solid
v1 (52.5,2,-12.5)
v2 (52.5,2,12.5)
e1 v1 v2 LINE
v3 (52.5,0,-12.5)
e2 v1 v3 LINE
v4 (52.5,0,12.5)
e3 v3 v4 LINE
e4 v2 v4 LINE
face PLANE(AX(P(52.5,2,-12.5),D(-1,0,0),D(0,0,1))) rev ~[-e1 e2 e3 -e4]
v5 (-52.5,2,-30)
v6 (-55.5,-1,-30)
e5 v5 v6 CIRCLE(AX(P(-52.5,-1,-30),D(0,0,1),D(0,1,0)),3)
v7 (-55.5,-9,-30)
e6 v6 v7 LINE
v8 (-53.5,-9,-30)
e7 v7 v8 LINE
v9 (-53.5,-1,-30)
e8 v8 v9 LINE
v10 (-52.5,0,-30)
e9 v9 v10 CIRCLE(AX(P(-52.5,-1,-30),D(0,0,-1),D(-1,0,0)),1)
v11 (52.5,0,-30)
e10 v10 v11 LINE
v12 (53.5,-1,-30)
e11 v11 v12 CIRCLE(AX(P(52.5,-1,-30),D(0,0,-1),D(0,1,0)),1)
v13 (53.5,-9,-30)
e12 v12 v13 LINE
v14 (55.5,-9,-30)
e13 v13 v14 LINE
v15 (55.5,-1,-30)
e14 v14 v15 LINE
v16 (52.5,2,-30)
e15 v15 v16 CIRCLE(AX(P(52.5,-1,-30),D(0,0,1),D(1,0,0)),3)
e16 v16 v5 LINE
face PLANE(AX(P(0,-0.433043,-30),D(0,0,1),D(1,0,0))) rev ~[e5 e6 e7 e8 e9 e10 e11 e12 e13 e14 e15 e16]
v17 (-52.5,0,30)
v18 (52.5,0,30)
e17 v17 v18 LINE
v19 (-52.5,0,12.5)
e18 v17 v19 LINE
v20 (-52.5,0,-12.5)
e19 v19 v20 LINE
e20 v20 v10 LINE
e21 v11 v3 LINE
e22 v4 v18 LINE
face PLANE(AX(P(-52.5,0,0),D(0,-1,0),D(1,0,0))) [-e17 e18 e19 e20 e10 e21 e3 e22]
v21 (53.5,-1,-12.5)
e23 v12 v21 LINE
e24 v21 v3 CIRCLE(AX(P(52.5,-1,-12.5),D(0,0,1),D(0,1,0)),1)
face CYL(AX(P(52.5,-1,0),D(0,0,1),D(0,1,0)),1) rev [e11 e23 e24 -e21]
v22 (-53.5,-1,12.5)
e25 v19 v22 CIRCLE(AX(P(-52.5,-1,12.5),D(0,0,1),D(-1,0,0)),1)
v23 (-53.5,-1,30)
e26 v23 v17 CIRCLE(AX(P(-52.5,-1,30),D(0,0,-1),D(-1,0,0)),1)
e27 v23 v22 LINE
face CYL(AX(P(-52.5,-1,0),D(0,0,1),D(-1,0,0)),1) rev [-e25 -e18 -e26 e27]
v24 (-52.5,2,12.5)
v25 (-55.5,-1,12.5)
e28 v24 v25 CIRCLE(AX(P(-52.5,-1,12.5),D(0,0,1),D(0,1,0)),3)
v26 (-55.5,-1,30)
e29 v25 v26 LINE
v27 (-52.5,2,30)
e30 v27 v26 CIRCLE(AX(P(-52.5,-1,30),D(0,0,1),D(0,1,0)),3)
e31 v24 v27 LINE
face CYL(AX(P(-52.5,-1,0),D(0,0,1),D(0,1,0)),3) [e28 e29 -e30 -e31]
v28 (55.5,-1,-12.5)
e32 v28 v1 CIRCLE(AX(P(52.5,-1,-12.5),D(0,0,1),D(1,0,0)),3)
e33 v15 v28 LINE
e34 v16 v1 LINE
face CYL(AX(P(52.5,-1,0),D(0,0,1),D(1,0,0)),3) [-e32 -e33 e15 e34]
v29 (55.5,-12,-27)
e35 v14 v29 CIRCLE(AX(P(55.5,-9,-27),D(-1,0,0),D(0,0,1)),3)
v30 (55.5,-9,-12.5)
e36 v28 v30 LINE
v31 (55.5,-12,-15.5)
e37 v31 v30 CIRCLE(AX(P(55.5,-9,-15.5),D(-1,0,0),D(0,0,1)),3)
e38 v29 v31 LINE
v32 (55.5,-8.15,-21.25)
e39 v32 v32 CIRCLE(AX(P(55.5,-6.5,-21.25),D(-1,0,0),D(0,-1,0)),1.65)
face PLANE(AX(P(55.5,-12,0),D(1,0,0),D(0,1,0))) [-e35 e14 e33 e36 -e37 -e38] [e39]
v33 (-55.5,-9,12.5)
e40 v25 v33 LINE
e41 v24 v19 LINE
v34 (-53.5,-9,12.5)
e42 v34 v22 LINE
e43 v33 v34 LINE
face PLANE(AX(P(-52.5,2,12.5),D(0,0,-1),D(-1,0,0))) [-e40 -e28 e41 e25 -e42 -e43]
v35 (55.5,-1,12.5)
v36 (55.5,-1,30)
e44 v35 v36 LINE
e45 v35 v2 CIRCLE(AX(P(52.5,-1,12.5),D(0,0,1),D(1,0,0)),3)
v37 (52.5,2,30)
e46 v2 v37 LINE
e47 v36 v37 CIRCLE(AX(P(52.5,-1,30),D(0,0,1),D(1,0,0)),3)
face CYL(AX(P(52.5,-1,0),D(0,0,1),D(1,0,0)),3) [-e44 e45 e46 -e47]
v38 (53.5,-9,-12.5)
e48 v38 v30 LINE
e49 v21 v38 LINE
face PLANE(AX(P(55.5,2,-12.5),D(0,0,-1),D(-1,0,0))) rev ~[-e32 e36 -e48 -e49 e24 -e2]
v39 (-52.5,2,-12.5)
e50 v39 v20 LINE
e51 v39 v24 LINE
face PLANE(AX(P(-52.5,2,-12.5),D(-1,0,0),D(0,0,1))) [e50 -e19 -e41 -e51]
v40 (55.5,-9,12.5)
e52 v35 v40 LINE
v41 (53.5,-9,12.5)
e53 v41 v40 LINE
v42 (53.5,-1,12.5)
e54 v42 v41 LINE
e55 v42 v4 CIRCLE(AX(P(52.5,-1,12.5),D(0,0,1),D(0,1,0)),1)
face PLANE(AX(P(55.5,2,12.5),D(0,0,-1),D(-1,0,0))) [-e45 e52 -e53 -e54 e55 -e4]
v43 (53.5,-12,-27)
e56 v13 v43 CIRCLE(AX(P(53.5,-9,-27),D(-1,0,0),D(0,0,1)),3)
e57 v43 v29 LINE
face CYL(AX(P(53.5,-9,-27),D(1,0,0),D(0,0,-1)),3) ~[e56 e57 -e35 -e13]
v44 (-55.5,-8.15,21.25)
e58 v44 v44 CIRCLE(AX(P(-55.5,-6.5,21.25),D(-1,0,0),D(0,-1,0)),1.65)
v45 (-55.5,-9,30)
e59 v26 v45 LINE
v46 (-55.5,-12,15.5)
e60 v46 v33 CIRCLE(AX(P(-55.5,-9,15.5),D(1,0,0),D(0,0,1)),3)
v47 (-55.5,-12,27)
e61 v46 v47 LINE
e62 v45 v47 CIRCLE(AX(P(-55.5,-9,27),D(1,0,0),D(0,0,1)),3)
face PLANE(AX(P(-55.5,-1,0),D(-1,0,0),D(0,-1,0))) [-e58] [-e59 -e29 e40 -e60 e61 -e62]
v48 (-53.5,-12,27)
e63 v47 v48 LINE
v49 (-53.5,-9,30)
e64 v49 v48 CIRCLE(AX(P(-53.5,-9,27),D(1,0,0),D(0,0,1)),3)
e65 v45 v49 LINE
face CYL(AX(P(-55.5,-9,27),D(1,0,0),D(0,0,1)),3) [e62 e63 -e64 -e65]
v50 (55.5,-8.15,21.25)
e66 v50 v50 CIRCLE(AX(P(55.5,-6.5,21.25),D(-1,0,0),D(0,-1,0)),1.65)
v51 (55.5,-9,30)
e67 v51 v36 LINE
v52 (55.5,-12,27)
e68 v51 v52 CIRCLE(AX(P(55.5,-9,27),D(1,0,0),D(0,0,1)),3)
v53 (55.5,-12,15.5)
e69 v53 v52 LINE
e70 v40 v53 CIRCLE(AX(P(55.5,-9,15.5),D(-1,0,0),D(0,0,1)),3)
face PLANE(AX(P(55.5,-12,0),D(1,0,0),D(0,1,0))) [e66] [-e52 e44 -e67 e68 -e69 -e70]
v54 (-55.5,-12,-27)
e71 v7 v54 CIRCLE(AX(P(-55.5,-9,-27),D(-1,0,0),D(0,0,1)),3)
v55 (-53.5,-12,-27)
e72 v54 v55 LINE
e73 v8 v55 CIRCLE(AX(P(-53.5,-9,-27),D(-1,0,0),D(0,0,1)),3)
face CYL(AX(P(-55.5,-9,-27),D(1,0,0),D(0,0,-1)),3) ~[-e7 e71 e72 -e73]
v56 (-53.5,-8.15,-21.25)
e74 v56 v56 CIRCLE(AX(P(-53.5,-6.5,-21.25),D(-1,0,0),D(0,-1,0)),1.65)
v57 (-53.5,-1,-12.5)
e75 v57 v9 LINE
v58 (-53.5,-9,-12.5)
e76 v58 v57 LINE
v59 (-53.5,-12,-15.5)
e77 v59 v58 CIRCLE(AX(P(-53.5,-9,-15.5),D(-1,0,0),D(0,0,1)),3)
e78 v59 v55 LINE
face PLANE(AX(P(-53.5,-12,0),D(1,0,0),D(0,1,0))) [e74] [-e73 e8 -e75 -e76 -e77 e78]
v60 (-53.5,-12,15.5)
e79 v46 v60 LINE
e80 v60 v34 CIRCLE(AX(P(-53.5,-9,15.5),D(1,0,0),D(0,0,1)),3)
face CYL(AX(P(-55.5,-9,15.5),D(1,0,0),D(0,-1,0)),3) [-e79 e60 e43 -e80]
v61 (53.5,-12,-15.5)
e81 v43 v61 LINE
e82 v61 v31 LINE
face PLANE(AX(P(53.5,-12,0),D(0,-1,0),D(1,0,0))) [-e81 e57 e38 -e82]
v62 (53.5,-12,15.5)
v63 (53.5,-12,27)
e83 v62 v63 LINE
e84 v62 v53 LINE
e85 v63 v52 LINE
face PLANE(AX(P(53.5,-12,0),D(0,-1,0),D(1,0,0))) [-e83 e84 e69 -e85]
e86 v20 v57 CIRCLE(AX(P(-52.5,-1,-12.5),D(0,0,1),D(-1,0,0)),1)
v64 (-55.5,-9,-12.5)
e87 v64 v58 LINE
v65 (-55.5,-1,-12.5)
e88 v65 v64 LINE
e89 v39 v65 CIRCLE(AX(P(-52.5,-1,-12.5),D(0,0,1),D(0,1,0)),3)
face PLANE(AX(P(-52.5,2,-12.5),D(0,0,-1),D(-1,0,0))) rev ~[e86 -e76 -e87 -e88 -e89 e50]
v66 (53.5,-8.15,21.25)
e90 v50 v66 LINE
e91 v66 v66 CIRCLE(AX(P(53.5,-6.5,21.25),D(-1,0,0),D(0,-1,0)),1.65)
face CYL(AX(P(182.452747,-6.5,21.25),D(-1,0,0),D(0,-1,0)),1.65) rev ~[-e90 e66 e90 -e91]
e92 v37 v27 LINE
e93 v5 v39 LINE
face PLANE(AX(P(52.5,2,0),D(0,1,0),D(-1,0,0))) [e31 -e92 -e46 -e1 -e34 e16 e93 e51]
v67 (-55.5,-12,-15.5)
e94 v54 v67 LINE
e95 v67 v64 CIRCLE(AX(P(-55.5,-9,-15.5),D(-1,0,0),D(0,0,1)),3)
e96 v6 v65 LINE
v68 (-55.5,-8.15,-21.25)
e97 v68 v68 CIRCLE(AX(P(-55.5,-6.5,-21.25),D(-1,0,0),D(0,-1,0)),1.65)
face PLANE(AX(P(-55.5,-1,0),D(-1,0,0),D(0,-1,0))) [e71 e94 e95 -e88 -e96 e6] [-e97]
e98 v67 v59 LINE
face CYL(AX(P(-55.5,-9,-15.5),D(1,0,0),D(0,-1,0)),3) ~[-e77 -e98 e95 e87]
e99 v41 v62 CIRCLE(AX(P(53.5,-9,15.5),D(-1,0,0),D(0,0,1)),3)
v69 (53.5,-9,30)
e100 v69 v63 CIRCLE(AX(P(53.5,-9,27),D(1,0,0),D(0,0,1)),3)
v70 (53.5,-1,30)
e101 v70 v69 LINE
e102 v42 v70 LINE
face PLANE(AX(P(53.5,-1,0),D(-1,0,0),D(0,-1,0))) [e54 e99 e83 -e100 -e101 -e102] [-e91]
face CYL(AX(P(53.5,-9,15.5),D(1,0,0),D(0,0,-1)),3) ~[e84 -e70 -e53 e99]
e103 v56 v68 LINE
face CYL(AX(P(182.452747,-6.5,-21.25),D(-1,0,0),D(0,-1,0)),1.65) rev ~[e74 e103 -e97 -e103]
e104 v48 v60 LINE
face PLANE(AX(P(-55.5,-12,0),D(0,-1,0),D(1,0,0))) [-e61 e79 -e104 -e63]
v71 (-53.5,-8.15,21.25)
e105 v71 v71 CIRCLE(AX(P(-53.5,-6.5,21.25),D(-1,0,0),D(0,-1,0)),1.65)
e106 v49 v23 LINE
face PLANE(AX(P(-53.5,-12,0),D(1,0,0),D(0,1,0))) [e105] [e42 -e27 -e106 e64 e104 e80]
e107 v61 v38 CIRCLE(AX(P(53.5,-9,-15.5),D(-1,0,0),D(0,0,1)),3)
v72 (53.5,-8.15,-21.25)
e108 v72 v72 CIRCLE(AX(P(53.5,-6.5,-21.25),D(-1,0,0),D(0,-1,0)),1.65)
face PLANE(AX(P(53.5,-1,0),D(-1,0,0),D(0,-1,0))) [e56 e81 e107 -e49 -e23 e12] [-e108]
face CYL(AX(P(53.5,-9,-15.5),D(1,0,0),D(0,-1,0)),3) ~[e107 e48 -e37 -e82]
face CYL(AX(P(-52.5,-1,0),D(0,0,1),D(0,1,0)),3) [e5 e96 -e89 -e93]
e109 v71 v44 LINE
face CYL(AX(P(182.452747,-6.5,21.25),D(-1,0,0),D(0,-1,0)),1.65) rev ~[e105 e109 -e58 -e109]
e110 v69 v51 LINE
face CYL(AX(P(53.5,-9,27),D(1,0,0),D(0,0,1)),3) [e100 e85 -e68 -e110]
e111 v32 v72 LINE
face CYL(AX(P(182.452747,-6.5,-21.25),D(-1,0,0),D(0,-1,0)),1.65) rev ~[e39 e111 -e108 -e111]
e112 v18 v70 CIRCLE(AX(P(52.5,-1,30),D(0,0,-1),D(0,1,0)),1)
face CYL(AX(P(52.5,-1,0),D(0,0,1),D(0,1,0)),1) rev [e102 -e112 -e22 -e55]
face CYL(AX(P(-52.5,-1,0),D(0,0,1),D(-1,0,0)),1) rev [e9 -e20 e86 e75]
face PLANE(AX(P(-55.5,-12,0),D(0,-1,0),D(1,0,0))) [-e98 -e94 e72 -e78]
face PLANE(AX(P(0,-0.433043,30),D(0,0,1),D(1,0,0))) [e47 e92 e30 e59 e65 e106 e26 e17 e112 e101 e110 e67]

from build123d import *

# Parameters (mm, degrees)
F1_DEPTH   = 30
F2_W       = 3
F2_H       = 25
F1_FACE1_W = 105
F1_FACE1_H = 60
F3_DEPTH   = 14.001
F5_D       = 3.3
F6_R       = 3


with BuildPart() as f1:
    # F0 (on Top) → F1 (new body, symmetric)
    with BuildSketch(Plane.XY):
        with BuildLine():
            Line((-52.5, 0), (52.5, 0))
            ThreePointArc((52.5, 0), (53.2071067812, -0.2928932188), (53.5, -1))
            Line((53.5, -1), (53.5, -12))
            Line((53.5, -12), (55.5, -12))
            Line((55.5, -12), (55.5, -1))
            ThreePointArc((55.5, -1), (54.6213203436, 1.1213203436), (52.5, 2))
            Line((52.5, 2), (-52.5, 2))
            ThreePointArc((-52.5, 2), (-54.6213203436, 1.1213203436), (-55.5, -1))
            Line((-55.5, -1), (-55.5, -12))
            Line((-55.5, -12), (-53.5, -12))
            Line((-53.5, -12), (-53.5, -1))
            ThreePointArc((-53.5, -1), (-53.2071067812, -0.2928932188), (-52.5, 0))
        make_face()
    extrude(amount=F1_DEPTH, both=True)

    # F2 (on face) + F1_face1 (on face) → F3 (cut, through all)
    with BuildSketch(Plane(origin=(0, 2, 0), x_dir=(-1, 0, 0), z_dir=(0, 1, 0))):
        with Locations((-54, 0)):
            Rectangle(F2_W, F2_H)
        with Locations((54, 0)):
            Rectangle(F2_W, F2_H)
    with BuildSketch(Plane.XZ):
        Rectangle(F1_FACE1_W, F1_FACE1_H)
    extrude(amount=-F3_DEPTH, dir=(0, 1, 0), mode=Mode.SUBTRACT)

    # F5 (through all)
    with Locations(Plane.YZ.offset(55.5)):
        with Locations((-6.5, 21.25), (-6.5, -21.25)):
            Hole(F5_D / 2)

    # F6
    f6_edges = [f1.edges().sort_by_distance(p)[0] for p in [
        (-54.5, -12, 30),
        (-54.5, -12, 12.5),
        (-54.5, -12, -12.5),
        (-54.5, -12, -30),
        (54.5, -12, 30),
        (54.5, -12, 12.5),
        (54.5, -12, -12.5),
        (54.5, -12, -30),
    ]]
    fillet(f6_edges, radius=F6_R)


solid = f1.part
